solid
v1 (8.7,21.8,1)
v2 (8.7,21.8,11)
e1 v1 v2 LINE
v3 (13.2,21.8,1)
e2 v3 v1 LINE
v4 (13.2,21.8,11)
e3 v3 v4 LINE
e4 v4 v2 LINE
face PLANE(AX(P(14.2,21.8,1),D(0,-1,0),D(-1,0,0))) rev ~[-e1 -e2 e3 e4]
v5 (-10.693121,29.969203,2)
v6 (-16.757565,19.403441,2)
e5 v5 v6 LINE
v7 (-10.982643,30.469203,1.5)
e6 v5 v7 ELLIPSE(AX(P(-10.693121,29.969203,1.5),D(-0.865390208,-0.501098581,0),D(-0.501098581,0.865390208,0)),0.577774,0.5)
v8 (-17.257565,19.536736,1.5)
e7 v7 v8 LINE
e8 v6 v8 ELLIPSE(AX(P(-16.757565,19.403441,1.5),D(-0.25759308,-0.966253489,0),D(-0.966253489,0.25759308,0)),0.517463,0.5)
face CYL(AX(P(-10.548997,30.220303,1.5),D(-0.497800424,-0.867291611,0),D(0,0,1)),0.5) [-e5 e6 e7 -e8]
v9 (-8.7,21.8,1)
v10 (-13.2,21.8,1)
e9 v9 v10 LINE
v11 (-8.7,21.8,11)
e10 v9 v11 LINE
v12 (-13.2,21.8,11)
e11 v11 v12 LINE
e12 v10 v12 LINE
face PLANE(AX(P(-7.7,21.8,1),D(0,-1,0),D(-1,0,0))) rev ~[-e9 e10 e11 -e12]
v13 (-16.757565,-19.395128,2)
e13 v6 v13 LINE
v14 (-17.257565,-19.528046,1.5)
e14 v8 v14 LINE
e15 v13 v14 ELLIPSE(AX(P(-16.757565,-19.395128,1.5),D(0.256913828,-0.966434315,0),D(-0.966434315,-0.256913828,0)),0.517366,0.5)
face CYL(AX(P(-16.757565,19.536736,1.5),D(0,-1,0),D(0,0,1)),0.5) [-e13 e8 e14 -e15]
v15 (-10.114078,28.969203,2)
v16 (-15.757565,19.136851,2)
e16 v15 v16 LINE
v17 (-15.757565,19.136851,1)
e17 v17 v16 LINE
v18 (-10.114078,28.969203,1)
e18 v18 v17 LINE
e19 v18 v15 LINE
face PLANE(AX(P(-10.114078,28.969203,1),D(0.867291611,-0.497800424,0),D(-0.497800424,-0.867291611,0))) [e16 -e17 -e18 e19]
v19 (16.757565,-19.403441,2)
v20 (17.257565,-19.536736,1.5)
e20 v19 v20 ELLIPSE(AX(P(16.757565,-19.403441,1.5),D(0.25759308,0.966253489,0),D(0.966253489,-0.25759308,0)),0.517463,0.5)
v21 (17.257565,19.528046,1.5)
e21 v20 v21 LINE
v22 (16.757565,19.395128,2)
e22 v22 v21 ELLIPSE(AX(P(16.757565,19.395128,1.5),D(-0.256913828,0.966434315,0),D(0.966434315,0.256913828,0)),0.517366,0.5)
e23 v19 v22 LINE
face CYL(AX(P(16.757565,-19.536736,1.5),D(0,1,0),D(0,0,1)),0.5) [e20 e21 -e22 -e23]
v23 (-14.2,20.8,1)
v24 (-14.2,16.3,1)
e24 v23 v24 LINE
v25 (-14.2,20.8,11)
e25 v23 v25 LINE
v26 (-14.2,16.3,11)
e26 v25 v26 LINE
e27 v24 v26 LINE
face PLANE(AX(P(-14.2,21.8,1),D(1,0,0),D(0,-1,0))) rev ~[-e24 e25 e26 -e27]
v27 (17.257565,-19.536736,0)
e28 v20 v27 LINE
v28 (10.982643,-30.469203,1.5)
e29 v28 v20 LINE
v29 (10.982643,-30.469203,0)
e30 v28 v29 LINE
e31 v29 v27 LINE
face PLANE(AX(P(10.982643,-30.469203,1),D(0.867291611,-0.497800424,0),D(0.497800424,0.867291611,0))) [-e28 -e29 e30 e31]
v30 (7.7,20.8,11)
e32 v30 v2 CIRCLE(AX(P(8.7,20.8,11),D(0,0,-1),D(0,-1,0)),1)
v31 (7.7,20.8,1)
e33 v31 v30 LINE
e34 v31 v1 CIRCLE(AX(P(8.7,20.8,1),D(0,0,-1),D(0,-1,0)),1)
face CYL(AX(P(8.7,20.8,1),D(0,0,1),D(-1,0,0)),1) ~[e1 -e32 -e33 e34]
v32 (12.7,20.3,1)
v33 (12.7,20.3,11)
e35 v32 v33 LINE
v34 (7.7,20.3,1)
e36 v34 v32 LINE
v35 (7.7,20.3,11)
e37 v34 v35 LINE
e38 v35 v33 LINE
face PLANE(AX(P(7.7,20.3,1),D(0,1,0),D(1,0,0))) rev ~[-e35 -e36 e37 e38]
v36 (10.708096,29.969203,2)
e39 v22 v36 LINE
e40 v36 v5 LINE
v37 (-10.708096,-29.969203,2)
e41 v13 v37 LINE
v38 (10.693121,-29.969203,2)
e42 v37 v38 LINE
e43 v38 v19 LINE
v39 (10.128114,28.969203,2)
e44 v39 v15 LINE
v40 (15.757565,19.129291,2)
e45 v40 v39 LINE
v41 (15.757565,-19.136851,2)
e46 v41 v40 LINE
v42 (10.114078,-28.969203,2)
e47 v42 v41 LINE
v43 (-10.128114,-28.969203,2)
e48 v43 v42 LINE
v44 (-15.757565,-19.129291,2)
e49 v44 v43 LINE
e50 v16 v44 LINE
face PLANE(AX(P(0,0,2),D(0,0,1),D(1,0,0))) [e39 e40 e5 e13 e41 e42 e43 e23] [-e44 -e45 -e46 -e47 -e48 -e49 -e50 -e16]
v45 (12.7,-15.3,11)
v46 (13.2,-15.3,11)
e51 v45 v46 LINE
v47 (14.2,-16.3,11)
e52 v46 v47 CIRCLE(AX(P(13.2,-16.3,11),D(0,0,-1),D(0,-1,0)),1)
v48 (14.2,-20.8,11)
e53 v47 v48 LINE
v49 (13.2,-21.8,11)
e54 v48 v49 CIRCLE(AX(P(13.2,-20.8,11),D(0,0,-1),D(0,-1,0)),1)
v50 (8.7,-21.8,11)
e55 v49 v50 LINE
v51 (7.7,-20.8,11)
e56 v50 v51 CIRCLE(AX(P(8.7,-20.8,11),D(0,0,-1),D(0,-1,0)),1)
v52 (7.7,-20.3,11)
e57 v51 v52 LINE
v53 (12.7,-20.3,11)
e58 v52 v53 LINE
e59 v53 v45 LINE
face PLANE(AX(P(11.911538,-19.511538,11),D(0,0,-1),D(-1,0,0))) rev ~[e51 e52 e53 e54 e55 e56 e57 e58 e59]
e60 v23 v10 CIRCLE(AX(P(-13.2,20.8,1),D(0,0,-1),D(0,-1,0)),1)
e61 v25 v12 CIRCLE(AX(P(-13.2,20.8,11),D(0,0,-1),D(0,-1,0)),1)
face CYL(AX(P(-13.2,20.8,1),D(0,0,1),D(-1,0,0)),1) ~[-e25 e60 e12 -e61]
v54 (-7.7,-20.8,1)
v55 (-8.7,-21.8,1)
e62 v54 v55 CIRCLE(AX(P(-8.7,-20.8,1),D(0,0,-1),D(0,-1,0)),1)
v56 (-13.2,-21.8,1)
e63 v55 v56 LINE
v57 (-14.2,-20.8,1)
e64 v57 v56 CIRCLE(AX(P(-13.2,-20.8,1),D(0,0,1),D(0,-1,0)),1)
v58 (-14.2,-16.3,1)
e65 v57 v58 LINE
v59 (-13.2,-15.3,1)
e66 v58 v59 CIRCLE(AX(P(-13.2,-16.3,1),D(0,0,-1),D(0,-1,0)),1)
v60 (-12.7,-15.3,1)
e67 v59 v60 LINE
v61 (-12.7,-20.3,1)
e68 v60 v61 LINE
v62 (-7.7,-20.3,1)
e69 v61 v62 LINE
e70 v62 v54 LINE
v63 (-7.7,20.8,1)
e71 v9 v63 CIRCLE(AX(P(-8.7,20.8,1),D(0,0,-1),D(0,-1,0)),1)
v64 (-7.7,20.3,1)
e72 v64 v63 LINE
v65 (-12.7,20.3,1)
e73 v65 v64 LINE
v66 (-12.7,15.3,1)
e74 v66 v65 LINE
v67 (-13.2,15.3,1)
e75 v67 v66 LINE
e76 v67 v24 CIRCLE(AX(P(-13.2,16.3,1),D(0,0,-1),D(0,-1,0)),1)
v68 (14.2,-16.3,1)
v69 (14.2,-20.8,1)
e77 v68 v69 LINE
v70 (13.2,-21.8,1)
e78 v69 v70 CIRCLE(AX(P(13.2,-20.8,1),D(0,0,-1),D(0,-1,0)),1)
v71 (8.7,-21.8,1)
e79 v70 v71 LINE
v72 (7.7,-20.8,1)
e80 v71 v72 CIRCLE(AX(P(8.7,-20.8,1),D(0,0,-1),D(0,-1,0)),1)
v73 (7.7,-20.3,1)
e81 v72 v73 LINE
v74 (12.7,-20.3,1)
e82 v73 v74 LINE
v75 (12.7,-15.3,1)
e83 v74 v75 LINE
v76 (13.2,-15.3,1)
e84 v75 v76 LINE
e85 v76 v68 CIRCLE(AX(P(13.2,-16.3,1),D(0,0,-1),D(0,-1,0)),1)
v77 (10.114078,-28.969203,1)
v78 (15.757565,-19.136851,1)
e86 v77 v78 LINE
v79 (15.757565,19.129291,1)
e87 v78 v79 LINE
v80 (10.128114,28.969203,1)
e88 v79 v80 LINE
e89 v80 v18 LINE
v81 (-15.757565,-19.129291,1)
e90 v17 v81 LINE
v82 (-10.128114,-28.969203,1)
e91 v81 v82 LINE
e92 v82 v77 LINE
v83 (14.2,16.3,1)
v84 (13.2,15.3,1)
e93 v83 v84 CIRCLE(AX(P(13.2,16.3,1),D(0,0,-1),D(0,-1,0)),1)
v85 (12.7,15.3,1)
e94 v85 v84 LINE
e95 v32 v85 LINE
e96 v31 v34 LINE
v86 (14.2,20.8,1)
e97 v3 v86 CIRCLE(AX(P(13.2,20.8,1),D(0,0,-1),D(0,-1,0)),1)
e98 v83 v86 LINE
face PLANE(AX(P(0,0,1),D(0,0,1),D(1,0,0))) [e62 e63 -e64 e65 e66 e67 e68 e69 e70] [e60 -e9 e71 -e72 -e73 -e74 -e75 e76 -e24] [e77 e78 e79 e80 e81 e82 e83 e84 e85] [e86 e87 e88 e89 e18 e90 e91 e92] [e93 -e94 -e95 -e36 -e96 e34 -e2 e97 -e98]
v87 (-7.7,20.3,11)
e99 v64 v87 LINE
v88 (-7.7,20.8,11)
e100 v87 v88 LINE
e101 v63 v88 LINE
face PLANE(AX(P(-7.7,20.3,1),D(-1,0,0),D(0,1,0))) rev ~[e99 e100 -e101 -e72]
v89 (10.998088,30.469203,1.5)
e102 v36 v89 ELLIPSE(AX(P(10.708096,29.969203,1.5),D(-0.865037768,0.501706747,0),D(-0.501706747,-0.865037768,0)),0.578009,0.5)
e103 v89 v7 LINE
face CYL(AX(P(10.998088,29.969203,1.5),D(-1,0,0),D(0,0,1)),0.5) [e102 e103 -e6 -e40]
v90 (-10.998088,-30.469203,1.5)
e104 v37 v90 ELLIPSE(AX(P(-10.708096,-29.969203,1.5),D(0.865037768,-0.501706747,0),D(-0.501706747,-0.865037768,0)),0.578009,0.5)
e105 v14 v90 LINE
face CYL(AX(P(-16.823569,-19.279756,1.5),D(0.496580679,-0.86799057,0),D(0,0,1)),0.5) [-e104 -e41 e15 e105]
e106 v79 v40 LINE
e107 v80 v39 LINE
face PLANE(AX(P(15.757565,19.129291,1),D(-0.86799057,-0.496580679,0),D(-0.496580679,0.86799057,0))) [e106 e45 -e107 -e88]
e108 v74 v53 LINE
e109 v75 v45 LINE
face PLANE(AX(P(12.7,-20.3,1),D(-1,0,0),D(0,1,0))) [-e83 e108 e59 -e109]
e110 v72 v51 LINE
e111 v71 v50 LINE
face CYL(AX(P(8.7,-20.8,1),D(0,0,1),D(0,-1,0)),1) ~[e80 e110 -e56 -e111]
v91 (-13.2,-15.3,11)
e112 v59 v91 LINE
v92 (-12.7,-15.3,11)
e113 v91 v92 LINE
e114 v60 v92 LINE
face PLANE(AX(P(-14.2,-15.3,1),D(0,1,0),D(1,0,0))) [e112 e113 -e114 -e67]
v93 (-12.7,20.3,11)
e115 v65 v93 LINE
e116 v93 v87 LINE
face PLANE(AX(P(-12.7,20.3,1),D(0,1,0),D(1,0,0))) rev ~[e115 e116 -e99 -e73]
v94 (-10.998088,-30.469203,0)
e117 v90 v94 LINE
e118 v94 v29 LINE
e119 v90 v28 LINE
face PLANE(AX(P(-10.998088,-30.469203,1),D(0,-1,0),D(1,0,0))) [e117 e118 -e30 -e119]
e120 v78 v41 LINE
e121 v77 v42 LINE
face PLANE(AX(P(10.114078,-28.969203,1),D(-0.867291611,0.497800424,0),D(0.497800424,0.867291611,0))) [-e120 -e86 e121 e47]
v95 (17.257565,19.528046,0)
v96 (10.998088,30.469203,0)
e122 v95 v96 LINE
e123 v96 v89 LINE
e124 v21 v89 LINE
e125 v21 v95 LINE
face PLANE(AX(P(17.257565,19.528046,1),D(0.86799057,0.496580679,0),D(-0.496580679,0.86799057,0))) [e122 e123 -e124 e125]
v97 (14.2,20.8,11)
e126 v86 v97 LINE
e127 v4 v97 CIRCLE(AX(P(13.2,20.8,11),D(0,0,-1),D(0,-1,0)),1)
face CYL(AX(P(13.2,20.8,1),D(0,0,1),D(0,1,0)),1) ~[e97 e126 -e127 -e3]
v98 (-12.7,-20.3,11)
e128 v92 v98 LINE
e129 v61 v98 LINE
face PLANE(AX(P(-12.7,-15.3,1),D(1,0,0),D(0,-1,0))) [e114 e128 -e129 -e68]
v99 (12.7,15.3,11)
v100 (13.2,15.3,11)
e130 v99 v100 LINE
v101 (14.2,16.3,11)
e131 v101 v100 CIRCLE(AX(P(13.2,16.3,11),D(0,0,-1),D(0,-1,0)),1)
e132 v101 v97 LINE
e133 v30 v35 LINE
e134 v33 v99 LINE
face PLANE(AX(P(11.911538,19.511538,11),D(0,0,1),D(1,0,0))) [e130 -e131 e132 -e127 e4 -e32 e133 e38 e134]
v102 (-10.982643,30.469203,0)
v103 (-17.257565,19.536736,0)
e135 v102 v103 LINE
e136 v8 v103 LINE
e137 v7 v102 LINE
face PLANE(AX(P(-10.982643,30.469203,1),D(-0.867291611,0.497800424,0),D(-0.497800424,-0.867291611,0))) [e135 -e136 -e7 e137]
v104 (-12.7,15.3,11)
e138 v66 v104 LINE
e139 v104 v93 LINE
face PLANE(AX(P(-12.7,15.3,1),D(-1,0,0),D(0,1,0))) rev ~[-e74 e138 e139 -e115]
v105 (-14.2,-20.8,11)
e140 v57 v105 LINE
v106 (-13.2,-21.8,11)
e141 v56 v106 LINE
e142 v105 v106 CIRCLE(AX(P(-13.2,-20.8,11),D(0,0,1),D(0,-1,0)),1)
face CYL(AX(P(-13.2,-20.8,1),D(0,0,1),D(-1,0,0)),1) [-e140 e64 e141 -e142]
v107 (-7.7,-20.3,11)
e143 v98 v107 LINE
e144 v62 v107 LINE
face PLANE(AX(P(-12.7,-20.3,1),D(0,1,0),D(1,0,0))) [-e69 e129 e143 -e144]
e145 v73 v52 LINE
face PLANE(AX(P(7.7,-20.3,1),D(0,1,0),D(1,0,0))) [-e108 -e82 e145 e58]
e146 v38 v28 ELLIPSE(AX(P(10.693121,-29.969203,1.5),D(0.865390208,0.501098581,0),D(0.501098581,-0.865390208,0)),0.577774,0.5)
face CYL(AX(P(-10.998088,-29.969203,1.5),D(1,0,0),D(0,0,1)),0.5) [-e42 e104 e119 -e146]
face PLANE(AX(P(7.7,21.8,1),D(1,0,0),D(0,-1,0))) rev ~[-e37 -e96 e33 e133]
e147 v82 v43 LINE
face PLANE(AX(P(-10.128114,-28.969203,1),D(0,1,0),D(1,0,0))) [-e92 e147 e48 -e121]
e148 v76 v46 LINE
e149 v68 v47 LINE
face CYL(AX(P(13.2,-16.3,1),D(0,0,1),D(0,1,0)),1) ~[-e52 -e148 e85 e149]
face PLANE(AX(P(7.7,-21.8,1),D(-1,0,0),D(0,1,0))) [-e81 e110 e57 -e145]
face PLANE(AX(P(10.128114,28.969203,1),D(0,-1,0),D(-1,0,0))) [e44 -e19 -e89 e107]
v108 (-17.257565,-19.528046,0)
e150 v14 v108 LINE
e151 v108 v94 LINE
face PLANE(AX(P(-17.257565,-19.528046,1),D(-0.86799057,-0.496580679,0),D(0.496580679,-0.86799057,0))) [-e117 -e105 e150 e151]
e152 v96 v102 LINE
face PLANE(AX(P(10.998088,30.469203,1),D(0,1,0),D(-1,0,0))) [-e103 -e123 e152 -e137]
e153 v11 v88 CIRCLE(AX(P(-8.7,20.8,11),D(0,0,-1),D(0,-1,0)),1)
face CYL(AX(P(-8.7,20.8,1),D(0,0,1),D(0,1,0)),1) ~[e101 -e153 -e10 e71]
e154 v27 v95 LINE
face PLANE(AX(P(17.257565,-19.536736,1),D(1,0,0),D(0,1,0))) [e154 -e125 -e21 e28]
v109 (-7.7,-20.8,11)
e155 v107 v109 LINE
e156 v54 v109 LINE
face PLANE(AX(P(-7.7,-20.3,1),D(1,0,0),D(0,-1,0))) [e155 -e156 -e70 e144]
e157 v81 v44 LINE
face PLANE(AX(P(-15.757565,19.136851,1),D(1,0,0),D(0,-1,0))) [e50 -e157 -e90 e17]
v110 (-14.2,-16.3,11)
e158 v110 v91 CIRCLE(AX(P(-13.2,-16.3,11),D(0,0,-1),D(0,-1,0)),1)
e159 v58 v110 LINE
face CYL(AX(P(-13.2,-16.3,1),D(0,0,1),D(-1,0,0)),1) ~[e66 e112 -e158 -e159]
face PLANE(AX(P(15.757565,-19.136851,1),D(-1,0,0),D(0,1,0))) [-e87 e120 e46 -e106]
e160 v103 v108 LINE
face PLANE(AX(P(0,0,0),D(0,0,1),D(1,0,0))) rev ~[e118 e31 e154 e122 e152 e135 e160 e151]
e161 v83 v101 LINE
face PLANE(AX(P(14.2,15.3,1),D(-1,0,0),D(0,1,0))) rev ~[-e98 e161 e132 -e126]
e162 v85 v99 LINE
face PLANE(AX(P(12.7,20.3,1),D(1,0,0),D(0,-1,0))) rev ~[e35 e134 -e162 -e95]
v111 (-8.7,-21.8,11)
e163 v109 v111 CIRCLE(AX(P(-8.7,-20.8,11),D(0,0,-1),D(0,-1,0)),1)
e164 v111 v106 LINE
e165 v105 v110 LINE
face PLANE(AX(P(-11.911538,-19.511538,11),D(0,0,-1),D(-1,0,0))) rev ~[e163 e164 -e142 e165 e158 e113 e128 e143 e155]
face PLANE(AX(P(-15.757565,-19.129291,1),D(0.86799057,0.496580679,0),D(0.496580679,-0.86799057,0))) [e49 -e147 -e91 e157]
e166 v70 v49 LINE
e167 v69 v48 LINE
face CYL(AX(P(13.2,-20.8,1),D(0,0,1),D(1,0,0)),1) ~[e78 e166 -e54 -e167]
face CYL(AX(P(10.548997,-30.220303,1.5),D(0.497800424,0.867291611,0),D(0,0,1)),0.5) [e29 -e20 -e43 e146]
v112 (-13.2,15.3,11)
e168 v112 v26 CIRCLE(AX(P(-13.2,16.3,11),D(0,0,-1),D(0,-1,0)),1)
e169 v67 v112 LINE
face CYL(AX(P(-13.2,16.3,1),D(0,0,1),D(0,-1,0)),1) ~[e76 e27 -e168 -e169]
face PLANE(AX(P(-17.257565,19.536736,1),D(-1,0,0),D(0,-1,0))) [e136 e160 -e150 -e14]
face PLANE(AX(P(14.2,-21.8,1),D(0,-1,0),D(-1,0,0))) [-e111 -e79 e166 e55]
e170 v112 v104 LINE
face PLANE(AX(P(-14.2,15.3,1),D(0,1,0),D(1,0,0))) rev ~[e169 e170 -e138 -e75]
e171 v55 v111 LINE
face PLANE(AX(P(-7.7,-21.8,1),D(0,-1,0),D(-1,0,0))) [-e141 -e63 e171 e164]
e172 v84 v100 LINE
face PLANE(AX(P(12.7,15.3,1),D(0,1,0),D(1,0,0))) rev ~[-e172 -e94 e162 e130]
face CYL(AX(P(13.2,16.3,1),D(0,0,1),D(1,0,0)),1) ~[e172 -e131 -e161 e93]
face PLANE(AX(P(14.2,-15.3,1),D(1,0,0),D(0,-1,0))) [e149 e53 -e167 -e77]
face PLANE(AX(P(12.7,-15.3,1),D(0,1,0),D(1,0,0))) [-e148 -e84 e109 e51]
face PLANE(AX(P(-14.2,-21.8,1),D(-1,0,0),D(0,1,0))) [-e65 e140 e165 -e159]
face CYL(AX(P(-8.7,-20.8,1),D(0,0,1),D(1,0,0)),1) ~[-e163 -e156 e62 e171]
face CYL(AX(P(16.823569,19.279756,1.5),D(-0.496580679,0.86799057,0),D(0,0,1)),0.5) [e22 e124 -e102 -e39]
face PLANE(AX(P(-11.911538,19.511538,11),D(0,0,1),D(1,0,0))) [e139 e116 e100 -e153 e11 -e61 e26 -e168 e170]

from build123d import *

# Parameters (mm, degrees)
BOSS_EXTRUDE1_DEPTH = 1
BOSS_EXTRUDE2_DEPTH = 1
BOSS_EXTRUDE3_DEPTH = 10
CUT_EXTRUDE1_DEPTH  = 6.35
FILLET1_R           = 1
FILLET2_R           = 0.5


with BuildPart() as part:
    # Sketch1 → Boss-Extrude1 (new body)
    with BuildSketch(Plane.XY):
        Polygon((-18.007564672, 19.736677749), (-18.007564672, -19.727423866), (-11.433074418, -31.219203109), (11.416925582, -31.219203109), (18.007564672, -19.736677749), (18.007564672, 19.727423866), (11.433074418, 31.219203109), (-11.416925582, 31.219203109), align=None)
    extrude(amount=BOSS_EXTRUDE1_DEPTH)

    # Sketch2 → Boss-Extrude2 (add)
    with BuildSketch(Plane.XY.offset(1)):
        Polygon((-10.982642952, 30.469203109), (-17.257564672, 19.536735589), (-17.257564672, -19.528046249), (-10.99808756, -30.469203109), (10.982642952, -30.469203109), (17.257564672, -19.536735589), (17.257564672, 19.528046249), (10.99808756, 30.469203109), align=None)
        Polygon((-10.114077691, 28.969203109), (-15.757564672, 19.136851269), (-15.757564672, -19.129291014), (-10.128113844, -28.969203109), (10.114077691, -28.969203109), (15.757564672, -19.136851269), (15.757564672, 19.129291014), (10.128113844, 28.969203109), align=None, mode=Mode.SUBTRACT)
    extrude(amount=BOSS_EXTRUDE2_DEPTH)

    # Sketch3 → Boss-Extrude3 (add)
    with BuildSketch(Plane.XY.offset(1)):
        Polygon((-14.2, -21.8), (-14.2, -15.3), (-12.7, -15.3), (-12.7, -20.3), (-7.7, -20.3), (-7.7, -21.8), align=None)
        Polygon((-12.7, 20.3), (-7.7, 20.3), (-7.7, 21.8), (-14.2, 21.8), (-14.2, 15.3), (-12.7, 15.3), align=None)
        Polygon((12.7, -20.3), (12.7, -15.3), (14.2, -15.3), (14.2, -21.8), (7.7, -21.8), (7.7, -20.3), align=None)
        Polygon((12.7, 15.3), (14.2, 15.3), (14.2, 21.8), (7.7, 21.8), (7.7, 20.3), (12.7, 20.3), align=None)
    extrude(amount=BOSS_EXTRUDE3_DEPTH)

    # Sketch4 → Cut-Extrude1 (cut)
    with BuildSketch(Plane.XY.offset(1)):
        Polygon((13.897999946, 35.469203109), (-13.877860488, 35.469203109), (-22.257564672, 20.869683322), (-22.257564672, -20.857230366), (-13.897999946, -35.469203109), (13.877860488, -35.469203109), (22.257564672, -20.869683322), (22.257564672, 20.857230366), align=None)
        Polygon((10.99808756, 30.469203109), (-10.982642952, 30.469203109), (-17.257564672, 19.536735589), (-17.257564672, -19.528046249), (-10.99808756, -30.469203109), (10.982642952, -30.469203109), (17.257564672, -19.536735589), (17.257564672, 19.528046249), align=None, mode=Mode.SUBTRACT)
    extrude(amount=-CUT_EXTRUDE1_DEPTH, mode=Mode.SUBTRACT)

    # Fillet1
    fillet1_edges = [part.edges().sort_by_distance(p)[0] for p in [
        (-7.7, 21.8, 6),
        (-14.2, 21.8, 6),
        (-14.2, 15.3, 6),
        (7.7, -21.8, 6),
        (14.2, -21.8, 6),
        (14.2, -15.3, 6),
        (14.2, 15.3, 6),
        (14.2, 21.8, 6),
        (7.7, 21.8, 6),
        (-14.2, -15.3, 6),
        (-14.2, -21.8, 6),
        (-7.7, -21.8, 6),
    ]]
    fillet(fillet1_edges, radius=FILLET1_R)

    # Fillet2
    fillet2_edges = [part.edges().sort_by_distance(p)[0] for p in [
        (0.007722304, 30.469203109, 2),
        (-14.120103812, 25.002969349, 2),
        (-17.257564672, 0.00434467, 2),
        (-14.127826116, -24.998624679, 2),
        (-0.007722304, -30.469203109, 2),
        (14.120103812, -25.002969349, 2),
        (17.257564672, -0.00434467, 2),
        (14.127826116, 24.998624679, 2),
    ]]
    fillet(fillet2_edges, radius=FILLET2_R)


solid = part.part
